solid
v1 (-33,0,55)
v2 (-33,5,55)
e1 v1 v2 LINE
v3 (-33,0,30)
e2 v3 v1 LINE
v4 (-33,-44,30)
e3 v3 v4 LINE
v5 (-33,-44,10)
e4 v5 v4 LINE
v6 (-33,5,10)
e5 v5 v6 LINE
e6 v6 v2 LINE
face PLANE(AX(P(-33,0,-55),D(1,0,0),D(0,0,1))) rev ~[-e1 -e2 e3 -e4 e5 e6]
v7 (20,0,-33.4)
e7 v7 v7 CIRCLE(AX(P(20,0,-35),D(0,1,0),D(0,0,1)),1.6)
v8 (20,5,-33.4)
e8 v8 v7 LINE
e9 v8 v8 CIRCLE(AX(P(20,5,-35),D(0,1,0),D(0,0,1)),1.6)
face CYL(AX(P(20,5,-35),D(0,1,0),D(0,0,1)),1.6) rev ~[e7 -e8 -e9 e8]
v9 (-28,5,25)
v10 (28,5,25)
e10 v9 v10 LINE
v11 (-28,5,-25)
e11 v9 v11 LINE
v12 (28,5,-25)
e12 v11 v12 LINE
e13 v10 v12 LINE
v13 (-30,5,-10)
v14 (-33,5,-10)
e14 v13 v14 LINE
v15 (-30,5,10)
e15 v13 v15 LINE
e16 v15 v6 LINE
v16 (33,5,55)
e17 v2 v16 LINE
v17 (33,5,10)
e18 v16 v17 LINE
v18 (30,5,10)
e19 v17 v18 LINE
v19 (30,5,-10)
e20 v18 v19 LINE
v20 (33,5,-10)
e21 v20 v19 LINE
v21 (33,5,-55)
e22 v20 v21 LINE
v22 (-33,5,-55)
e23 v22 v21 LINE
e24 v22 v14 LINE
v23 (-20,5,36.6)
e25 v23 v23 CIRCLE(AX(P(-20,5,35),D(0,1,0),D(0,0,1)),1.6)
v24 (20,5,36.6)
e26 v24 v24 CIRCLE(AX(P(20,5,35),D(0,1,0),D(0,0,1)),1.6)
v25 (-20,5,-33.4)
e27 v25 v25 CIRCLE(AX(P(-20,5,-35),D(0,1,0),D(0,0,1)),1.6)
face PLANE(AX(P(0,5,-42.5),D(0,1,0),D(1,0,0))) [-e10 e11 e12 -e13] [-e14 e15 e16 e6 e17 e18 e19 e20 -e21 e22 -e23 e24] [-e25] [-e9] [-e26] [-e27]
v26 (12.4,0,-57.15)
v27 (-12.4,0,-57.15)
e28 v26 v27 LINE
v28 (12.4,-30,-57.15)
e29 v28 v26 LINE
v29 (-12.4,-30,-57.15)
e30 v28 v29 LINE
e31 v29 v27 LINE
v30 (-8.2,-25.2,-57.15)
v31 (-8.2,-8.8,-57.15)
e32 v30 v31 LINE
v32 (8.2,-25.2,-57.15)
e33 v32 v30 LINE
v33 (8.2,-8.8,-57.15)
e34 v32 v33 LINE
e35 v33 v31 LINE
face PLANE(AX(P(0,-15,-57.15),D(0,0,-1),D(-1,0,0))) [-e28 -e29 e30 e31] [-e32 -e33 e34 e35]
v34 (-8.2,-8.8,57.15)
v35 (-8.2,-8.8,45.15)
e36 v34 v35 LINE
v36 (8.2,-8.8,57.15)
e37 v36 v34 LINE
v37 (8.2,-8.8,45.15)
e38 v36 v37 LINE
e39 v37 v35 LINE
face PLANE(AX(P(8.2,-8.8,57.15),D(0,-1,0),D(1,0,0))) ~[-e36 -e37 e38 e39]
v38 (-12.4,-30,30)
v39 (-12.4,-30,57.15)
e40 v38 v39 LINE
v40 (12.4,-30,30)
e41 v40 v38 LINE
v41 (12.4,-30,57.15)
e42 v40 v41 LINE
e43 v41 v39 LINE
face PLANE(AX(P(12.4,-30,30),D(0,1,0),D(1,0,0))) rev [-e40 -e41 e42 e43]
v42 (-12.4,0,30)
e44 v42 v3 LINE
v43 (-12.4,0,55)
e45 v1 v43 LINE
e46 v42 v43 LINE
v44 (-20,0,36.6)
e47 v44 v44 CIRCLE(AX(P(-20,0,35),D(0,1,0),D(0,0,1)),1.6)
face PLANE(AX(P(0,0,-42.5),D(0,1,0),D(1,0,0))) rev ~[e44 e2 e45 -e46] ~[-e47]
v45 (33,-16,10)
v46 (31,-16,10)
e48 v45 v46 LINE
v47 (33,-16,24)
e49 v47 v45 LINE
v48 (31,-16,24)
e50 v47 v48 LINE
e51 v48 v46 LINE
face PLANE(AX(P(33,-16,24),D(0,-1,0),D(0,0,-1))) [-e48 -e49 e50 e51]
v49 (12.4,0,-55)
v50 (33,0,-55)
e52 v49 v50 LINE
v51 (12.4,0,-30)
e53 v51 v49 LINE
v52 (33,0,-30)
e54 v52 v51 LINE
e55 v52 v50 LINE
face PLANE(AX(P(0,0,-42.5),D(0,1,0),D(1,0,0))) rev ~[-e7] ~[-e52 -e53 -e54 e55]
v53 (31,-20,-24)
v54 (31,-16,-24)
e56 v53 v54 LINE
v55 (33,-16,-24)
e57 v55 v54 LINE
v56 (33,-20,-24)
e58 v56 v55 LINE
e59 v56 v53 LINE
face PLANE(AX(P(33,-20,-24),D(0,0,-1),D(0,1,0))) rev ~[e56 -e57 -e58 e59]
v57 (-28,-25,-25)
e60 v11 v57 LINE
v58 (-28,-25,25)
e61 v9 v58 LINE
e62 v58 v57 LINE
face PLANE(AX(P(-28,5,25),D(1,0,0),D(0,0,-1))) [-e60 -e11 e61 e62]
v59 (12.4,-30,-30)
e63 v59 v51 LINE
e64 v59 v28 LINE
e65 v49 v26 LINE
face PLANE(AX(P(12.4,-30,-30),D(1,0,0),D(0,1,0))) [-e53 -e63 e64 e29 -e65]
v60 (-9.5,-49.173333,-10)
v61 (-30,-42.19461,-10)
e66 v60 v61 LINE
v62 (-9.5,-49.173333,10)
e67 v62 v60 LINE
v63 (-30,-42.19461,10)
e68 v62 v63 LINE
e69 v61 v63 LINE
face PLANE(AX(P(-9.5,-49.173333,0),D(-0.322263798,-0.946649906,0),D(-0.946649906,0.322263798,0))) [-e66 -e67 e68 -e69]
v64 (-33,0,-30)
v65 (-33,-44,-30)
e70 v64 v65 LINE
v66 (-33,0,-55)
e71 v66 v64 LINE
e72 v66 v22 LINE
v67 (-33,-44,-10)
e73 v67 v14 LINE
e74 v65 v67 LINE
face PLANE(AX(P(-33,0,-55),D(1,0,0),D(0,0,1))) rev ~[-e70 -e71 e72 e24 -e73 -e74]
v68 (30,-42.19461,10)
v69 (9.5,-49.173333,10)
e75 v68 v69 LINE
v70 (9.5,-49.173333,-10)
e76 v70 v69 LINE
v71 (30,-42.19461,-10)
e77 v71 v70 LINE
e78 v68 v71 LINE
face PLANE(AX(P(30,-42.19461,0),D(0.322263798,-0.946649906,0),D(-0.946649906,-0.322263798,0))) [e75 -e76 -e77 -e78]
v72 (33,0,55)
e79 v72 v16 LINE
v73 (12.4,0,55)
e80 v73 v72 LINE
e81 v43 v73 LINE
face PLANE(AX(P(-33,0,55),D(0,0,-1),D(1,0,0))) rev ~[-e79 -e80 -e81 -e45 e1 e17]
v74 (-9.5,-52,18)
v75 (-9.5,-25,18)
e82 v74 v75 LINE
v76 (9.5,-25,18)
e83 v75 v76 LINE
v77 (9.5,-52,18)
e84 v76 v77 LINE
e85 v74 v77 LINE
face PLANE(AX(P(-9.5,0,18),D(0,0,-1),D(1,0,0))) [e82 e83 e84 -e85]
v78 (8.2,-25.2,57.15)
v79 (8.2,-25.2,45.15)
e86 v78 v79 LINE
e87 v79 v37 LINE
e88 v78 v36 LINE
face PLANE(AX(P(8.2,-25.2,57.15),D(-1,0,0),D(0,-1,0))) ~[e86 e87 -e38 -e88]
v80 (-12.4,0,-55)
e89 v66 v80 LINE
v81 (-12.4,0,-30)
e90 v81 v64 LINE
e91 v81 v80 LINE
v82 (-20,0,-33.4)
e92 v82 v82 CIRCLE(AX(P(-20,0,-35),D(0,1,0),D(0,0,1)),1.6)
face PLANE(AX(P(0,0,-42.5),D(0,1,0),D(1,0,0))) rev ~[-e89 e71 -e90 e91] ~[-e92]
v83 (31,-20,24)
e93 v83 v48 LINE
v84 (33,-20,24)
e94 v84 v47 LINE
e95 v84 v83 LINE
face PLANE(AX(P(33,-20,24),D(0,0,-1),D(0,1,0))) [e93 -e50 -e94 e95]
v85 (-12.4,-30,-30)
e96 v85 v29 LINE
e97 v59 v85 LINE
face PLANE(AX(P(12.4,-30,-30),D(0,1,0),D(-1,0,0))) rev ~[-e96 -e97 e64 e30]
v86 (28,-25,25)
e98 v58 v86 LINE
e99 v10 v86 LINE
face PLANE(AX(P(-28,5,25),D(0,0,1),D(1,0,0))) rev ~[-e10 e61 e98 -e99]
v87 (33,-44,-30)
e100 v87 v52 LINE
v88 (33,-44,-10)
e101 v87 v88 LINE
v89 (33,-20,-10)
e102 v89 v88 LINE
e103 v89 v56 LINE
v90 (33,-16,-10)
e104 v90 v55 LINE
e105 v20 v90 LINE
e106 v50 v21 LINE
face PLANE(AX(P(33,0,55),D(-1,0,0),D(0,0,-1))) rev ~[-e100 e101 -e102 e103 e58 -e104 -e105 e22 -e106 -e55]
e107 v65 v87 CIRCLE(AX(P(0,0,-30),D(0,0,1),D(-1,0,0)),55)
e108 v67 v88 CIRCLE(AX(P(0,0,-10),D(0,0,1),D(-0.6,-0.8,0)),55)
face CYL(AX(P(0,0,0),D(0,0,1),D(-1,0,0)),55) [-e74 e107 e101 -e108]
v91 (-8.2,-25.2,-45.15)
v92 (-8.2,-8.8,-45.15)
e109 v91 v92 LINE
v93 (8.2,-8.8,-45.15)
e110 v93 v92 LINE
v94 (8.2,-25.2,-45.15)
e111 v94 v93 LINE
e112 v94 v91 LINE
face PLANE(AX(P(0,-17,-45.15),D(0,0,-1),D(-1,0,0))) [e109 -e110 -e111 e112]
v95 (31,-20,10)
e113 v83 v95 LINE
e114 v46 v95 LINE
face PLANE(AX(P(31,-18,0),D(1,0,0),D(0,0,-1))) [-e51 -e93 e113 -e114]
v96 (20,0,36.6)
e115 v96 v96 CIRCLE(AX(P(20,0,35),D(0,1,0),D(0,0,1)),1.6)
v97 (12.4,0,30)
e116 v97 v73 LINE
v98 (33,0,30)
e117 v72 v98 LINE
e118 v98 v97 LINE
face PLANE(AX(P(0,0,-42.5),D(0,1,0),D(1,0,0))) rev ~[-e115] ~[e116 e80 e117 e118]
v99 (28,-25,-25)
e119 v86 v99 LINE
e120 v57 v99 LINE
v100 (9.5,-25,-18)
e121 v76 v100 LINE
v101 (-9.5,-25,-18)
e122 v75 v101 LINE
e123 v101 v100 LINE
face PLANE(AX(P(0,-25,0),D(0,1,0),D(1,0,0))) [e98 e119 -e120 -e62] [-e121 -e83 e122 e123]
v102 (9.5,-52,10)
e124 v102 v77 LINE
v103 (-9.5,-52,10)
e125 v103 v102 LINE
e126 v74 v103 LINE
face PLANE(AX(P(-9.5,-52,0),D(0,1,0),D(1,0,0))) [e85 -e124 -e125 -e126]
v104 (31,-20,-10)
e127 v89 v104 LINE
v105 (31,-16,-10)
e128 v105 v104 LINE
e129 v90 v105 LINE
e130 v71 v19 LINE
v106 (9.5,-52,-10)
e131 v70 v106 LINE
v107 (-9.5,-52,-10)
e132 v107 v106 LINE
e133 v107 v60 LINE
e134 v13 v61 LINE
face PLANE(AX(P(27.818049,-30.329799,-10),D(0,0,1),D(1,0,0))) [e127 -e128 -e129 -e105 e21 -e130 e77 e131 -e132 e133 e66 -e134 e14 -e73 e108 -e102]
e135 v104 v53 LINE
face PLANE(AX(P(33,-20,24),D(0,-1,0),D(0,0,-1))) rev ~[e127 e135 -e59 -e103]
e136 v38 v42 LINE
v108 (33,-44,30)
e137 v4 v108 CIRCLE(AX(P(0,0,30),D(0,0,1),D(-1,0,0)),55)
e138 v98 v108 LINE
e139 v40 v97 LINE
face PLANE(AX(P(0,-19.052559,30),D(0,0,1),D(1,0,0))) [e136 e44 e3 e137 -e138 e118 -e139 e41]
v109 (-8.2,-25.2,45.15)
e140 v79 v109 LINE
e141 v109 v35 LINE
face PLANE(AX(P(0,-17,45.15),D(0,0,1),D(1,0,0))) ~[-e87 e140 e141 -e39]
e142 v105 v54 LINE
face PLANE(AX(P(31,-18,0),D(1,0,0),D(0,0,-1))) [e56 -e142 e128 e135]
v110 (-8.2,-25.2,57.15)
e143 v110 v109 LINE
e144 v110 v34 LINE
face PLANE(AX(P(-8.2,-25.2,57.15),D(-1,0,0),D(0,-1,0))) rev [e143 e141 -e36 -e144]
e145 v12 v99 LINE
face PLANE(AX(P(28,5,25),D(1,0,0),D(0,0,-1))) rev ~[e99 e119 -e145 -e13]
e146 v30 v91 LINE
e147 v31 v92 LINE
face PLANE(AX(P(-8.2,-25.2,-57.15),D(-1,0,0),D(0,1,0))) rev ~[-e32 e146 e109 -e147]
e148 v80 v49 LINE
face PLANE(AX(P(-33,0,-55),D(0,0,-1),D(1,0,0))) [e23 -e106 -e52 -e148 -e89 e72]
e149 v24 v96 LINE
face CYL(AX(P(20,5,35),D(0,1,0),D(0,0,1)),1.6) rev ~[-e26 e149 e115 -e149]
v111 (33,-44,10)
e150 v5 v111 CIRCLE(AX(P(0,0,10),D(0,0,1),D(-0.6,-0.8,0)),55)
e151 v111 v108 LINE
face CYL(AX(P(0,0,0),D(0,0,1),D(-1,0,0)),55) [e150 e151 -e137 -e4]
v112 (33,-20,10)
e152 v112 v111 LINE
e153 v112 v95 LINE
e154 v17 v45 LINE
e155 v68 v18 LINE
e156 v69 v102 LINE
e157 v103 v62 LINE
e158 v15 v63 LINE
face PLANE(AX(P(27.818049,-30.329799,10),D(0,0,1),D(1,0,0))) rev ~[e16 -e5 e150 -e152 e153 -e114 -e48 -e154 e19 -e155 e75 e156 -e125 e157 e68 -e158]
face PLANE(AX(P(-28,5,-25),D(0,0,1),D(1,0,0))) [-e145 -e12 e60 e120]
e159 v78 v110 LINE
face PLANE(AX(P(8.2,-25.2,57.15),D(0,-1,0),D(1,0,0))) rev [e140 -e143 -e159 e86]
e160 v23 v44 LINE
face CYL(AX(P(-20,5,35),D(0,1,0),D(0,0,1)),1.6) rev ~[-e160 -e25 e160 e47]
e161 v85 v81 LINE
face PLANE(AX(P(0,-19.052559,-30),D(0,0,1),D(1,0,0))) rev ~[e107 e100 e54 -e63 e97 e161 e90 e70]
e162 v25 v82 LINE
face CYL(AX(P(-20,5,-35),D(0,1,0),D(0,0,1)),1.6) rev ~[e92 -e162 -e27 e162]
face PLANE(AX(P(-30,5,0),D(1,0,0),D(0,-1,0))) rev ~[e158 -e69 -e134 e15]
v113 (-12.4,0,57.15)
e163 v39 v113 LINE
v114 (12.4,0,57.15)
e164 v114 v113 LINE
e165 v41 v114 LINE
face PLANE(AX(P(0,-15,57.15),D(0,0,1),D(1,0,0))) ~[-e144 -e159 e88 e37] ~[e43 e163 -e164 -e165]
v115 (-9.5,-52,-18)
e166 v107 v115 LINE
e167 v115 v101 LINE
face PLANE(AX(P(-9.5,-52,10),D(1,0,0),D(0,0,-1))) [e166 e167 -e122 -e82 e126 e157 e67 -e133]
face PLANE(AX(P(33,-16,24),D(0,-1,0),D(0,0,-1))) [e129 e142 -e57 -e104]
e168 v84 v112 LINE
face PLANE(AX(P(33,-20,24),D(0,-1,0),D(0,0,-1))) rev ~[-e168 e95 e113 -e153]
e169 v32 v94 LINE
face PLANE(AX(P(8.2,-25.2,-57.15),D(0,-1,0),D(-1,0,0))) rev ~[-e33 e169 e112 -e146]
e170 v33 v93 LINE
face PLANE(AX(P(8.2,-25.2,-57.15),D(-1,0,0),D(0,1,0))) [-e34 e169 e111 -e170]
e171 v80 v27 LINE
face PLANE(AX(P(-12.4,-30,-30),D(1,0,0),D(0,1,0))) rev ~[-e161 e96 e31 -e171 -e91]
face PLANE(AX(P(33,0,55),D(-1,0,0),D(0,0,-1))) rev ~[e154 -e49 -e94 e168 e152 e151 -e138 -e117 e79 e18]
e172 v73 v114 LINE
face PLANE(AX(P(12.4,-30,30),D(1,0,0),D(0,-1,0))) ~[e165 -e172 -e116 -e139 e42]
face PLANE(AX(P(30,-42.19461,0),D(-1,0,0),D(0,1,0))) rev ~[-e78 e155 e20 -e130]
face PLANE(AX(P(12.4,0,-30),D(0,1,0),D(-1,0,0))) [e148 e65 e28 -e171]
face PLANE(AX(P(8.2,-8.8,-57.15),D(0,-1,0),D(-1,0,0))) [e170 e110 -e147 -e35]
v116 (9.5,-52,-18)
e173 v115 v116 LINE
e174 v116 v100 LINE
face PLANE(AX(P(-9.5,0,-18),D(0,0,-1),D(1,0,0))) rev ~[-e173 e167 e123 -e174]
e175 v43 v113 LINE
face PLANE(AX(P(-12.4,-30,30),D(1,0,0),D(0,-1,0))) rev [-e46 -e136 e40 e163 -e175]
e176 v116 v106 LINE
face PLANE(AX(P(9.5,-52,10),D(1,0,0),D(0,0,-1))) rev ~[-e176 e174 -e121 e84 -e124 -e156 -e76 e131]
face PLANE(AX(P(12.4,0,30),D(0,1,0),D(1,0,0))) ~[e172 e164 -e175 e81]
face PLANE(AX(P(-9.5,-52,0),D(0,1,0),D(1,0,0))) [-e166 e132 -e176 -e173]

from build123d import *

# Parameters (mm, degrees)
BOSS_EXTRUDE1_DEPTH      = 30
BOSS_EXTRUDE1_DEPTH_BACK = 30
CUT_EXTRUDE1_DEPTH       = 18
CUT_EXTRUDE1_DEPTH_BACK  = 18
SKETCH2_W                = 19
SKETCH2_H                = 52
SKETCH3_W                = 21.854352608
SKETCH3_H                = 45
CUT_EXTRUDE2_DEPTH       = 99.234413522
SKETCH4_R                = 1.6
CUT_EXTRUDE3_DEPTH       = 84.366660003
SKETCH6_W                = 48
SKETCH6_H                = 4
CUT_EXTRUDE5_DEPTH       = 2
SKETCH9_W                = 22
SKETCH9_H                = 60
CUT_EXTRUDE7_DEPTH       = 84.366660003
SKETCH10_W               = 66
SKETCH10_H               = 110
SKETCH10_W_2             = 19
SKETCH10_H_2             = 36
BOSS_EXTRUDE2_DEPTH      = 5
SKETCH11_R               = 1.6
CUT_EXTRUDE8_DEPTH       = 88.82938005
SKETCH13_W               = 24.8
SKETCH13_H               = 30
BOSS_EXTRUDE3_DEPTH      = 27.15
SKETCH14_W               = 16.4
SKETCH14_H               = 16.4
CUT_EXTRUDE9_DEPTH       = 12
SKETCH15_W               = 56
SKETCH15_H               = 50
CUT_EXTRUDE10_DEPTH      = 30
SKETCH16_W               = 19
SKETCH16_H               = 20
CUT_EXTRUDE11_DEPTH      = 45
CUT_EXTRUDE19_DEPTH      = 10
CUT_EXTRUDE19_DEPTH_BACK = 10


with BuildPart() as part:
    # Sketch1 → Boss-Extrude1 (new, two sides: drawn at the far end of the back side and taken through both)
    with BuildSketch(Plane.XY.offset(-BOSS_EXTRUDE1_DEPTH_BACK)):
        with BuildLine():
            Line((55, 0), (0, 0))
            Line((0, 0), (-55, 0))
            ThreePointArc((-55, 0), (0, -55), (55, 0))
        make_face()
    extrude(amount=BOSS_EXTRUDE1_DEPTH + BOSS_EXTRUDE1_DEPTH_BACK)

    # Sketch2 → Cut-Extrude1 (cut, two sides: drawn at the far end of the back side and taken through both)
    with BuildSketch(Plane.XY.offset(-CUT_EXTRUDE1_DEPTH_BACK)):
        with Locations((0, -26)):
            Rectangle(SKETCH2_W, SKETCH2_H)
    extrude(amount=CUT_EXTRUDE1_DEPTH + CUT_EXTRUDE1_DEPTH_BACK, mode=Mode.SUBTRACT)

    # Sketch3 → Cut-Extrude2 (cut, through all)
    with BuildSketch(Plane.XY.offset(30)):
        with Locations((-43.927176304, -26.5)):
            Rectangle(SKETCH3_W, SKETCH3_H)
        with Locations((43.927176304, -26.5)):
            Rectangle(SKETCH3_W, SKETCH3_H)
    extrude(amount=-CUT_EXTRUDE2_DEPTH, mode=Mode.SUBTRACT)

    # Sketch4 → Cut-Extrude3 (cut, through all)
    with BuildSketch(Plane(origin=(0, 0, 0), x_dir=(1, 0, 0), z_dir=(0, 1, 0))):
        with Locations((45, 20)):
            Circle(SKETCH4_R)
        with Locations((45, -20)):
            Circle(SKETCH4_R)
        with Locations((-45, -20)):
            Circle(SKETCH4_R)
        with Locations((-45, 20)):
            Circle(SKETCH4_R)
    extrude(amount=-CUT_EXTRUDE3_DEPTH, mode=Mode.SUBTRACT)

    # Sketch6 → Cut-Extrude5 (cut)
    with BuildSketch(Plane(origin=(33, 0, 0), x_dir=(0, 0, -1), z_dir=(1, 0, 0))):
        with Locations((0, -18)):
            Rectangle(SKETCH6_W, SKETCH6_H)
    extrude(amount=-CUT_EXTRUDE5_DEPTH, mode=Mode.SUBTRACT)

    # Sketch9 → Cut-Extrude7 (cut, through all)
    with BuildSketch(Plane(origin=(0, 0, 0), x_dir=(1, 0, 0), z_dir=(0, 1, 0))):
        with Locations((-44, 0)):
            Rectangle(SKETCH9_W, SKETCH9_H)
        with Locations((44, 0)):
            Rectangle(SKETCH9_W, SKETCH9_H)
    extrude(amount=-CUT_EXTRUDE7_DEPTH, mode=Mode.SUBTRACT)

    # Sketch10 → Boss-Extrude2 (add)
    with BuildSketch(Plane(origin=(0, 0, 0), x_dir=(1, 0, 0), z_dir=(0, 1, 0))):
        Rectangle(SKETCH10_W, SKETCH10_H)
        Rectangle(SKETCH10_W_2, SKETCH10_H_2, mode=Mode.SUBTRACT)
    extrude(amount=BOSS_EXTRUDE2_DEPTH)

    # Sketch11 → Cut-Extrude8 (cut, through all)
    with BuildSketch(Plane(origin=(0, 5, 0), x_dir=(1, 0, 0), z_dir=(0, 1, 0))):
        with Locations((-20, 35)):
            Circle(SKETCH11_R)
        with Locations((20, 35)):
            Circle(SKETCH11_R)
        with Locations((-20, -35)):
            Circle(SKETCH11_R)
        with Locations((20, -35)):
            Circle(SKETCH11_R)
    extrude(amount=-CUT_EXTRUDE8_DEPTH, mode=Mode.SUBTRACT)

    # Sketch13 → Boss-Extrude3 (add)
    with BuildSketch(Plane(origin=(0, 0, -30), x_dir=(-1, 0, 0), z_dir=(0, 0, -1))):
        with Locations((0, -15)):
            Rectangle(SKETCH13_W, SKETCH13_H)
    boss_extrude3 = extrude(amount=BOSS_EXTRUDE3_DEPTH)

    # Sketch14 → Cut-Extrude9 (cut)
    with BuildSketch(Plane(origin=(0, 0, -57.15), x_dir=(-1, 0, 0), z_dir=(0, 0, -1))):
        with Locations((0, -17)):
            Rectangle(SKETCH14_W, SKETCH14_H)
    cut_extrude9 = extrude(amount=-CUT_EXTRUDE9_DEPTH, mode=Mode.SUBTRACT)

    # Mirror2: Boss-Extrude3 across plane
    add(boss_extrude3.mirror(Plane(origin=(0, 0, 0), x_dir=(1, 0, 0), z_dir=(0, 0, -1))))

    # Mirror3: Cut-Extrude9 across plane
    add(cut_extrude9.mirror(Plane(origin=(0, 0, 0), x_dir=(1, 0, 0), z_dir=(0, 0, -1))), mode=Mode.SUBTRACT)

    # Sketch15 → Cut-Extrude10 (cut)
    with BuildSketch(Plane(origin=(0, 5, 0), x_dir=(1, 0, 0), z_dir=(0, 1, 0))):
        Rectangle(SKETCH15_W, SKETCH15_H)
    extrude(amount=-CUT_EXTRUDE10_DEPTH, mode=Mode.SUBTRACT)

    # Sketch16 → Cut-Extrude11 (cut)
    with BuildSketch(Plane(origin=(0, -52, 0), x_dir=(1, 0, 0), z_dir=(0, 1, 0))):
        Rectangle(SKETCH16_W, SKETCH16_H)
    extrude(amount=-CUT_EXTRUDE11_DEPTH, mode=Mode.SUBTRACT)

    # Sketch18 → Cut-Extrude19 (cut, two sides: drawn at the far end of the back side and taken through both)
    with BuildSketch(Plane(origin=(0, 0, 0), x_dir=(-1, 0, 0), z_dir=(0, 0, -1)).offset(-CUT_EXTRUDE19_DEPTH_BACK)):
        Polygon((9.5, -49.173332923), (30, -42.194609519), (30, -41.173332923), (30, 5), (33, 5), (33, -41.173332923), (33, -54.173332923), (29.677482196, -54.173332923), (9.5, -54.173332923), align=None)
        Polygon((-30, -41.173332923), (-30, -42.194609519), (-9.5, -49.173332923), (-9.5, -54.173332923), (-29.677482196, -54.173332923), (-33, -54.173332923), (-33, -41.173332923), (-33, 5), (-30, 5), align=None)
    extrude(amount=CUT_EXTRUDE19_DEPTH + CUT_EXTRUDE19_DEPTH_BACK, mode=Mode.SUBTRACT)


solid = part.part
